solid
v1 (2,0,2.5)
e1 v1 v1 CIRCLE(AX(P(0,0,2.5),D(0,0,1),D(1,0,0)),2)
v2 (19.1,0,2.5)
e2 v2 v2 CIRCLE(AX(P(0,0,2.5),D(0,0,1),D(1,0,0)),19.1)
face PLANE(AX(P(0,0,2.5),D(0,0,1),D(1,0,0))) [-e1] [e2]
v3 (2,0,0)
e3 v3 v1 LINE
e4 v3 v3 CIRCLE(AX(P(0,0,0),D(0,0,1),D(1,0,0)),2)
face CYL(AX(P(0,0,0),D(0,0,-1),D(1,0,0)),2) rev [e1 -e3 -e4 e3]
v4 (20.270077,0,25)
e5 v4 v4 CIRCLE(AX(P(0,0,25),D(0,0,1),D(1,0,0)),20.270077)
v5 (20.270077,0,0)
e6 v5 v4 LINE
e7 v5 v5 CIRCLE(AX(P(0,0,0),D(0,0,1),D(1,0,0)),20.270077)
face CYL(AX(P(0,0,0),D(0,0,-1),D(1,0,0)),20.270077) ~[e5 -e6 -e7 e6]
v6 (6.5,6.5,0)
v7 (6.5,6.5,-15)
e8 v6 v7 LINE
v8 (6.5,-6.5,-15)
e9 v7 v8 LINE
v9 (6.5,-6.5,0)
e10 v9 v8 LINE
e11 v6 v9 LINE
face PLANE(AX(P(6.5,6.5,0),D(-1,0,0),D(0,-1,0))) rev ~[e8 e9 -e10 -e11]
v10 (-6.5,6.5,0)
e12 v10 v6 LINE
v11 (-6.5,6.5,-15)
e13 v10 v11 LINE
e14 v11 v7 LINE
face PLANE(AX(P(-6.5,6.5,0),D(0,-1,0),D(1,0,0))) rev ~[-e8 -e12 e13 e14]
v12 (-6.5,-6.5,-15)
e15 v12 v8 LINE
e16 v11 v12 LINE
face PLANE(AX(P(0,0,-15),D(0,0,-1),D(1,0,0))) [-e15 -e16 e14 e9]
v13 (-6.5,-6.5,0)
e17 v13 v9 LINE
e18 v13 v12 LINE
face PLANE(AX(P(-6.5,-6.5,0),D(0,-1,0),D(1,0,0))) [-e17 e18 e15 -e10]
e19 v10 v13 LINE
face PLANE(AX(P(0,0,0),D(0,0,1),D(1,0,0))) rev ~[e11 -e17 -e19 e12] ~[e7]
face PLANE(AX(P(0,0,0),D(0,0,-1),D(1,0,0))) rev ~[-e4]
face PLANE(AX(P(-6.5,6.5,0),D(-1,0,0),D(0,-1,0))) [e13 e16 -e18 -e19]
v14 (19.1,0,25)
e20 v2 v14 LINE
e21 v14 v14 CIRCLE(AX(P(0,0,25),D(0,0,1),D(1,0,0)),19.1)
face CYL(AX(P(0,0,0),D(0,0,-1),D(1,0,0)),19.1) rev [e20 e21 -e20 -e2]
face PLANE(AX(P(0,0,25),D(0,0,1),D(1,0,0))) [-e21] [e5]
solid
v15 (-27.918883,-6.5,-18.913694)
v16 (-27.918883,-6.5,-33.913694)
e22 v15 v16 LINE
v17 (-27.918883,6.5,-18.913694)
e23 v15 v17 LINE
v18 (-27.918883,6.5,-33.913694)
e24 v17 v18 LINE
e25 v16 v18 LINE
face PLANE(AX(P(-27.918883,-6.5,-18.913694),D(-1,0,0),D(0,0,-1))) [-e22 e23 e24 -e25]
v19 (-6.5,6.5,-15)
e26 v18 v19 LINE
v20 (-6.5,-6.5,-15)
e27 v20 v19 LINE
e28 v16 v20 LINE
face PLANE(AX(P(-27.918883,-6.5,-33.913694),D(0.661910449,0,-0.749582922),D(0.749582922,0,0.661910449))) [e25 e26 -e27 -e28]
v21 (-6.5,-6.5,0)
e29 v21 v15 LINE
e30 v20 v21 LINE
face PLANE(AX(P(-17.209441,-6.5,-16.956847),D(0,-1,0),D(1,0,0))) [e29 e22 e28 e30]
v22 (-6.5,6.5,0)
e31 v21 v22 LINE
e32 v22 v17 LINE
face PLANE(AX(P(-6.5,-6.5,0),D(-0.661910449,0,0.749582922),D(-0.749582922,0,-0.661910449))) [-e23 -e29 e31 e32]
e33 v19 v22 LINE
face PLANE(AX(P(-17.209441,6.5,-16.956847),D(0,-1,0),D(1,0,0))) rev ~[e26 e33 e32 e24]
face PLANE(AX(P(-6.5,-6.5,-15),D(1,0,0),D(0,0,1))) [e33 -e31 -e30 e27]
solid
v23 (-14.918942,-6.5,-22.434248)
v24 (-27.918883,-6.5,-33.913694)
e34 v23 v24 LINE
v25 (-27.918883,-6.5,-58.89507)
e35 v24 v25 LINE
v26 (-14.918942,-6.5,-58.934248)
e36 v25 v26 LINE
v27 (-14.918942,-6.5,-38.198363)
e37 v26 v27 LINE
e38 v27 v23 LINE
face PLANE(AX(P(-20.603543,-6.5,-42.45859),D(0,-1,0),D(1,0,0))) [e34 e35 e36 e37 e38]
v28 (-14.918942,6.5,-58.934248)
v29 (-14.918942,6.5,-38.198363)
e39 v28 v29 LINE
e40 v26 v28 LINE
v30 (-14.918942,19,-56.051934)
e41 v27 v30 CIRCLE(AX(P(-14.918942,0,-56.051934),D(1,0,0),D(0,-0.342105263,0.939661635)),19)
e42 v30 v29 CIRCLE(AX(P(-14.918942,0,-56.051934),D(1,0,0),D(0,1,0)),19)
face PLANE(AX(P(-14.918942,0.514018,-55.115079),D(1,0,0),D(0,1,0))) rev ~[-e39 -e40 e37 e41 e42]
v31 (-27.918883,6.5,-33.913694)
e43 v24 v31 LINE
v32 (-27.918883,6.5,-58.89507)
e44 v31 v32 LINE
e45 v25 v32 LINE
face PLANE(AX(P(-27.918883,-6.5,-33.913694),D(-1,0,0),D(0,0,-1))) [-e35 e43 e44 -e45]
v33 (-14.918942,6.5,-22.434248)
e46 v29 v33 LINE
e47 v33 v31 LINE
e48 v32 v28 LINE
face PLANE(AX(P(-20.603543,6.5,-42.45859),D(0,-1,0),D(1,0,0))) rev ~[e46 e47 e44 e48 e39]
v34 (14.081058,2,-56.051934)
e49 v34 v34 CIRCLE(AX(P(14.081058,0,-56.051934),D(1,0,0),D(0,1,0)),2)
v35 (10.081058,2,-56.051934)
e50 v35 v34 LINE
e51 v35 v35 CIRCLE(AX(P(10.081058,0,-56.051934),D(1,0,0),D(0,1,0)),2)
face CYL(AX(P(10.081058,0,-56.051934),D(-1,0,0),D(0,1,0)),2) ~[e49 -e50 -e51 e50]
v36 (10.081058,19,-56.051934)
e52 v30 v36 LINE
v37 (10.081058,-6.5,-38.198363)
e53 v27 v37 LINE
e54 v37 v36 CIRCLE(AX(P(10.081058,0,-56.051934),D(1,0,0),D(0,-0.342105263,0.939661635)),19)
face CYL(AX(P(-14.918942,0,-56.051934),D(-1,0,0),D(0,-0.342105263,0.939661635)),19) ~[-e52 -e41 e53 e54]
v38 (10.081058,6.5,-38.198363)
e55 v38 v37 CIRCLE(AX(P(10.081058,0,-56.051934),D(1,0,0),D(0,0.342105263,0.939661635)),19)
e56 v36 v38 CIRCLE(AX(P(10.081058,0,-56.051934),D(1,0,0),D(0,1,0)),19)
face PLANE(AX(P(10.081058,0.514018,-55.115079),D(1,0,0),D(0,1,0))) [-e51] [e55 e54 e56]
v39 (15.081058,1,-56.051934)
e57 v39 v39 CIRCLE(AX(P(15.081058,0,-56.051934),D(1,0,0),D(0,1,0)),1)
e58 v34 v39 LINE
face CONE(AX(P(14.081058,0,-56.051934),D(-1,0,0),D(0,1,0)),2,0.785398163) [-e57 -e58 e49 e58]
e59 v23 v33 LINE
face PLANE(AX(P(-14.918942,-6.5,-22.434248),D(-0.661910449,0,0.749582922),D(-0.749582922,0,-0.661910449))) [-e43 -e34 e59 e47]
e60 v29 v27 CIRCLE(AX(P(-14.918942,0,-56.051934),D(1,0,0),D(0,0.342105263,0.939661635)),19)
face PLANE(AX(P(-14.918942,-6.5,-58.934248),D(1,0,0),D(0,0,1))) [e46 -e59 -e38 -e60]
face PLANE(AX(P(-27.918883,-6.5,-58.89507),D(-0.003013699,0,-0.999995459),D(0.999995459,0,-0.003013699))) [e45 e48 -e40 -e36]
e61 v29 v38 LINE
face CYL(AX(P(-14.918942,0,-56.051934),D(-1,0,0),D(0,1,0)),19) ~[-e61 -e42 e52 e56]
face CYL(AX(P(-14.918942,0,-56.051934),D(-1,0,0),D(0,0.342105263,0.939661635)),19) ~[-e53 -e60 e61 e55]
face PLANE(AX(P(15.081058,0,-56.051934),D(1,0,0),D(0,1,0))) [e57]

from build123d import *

# Parameters (mm, degrees)
F0_R      = 19.1
F0_R_2    = 2
F1_DEPTH  = 2.5
F0_R_3    = 20.2700767199
F2_DEPTH  = 25
F3_W      = 13
F3_H      = 13
F3_R      = 2
F4_DEPTH  = 15
F6_DEPTH  = 13
F8_DEPTH  = 13
F10_DEPTH = 25
F11_R     = 2
F12_DEPTH = 5
F13_SIZE  = 1


with BuildPart() as f1:
    # F0 (on Top) → F1 (new body)
    with BuildSketch(Plane.XY):
        Circle(F0_R)
        Circle(F0_R_2, mode=Mode.SUBTRACT)
    extrude(amount=F1_DEPTH)

    # F0 (on Top) → F2 (join)
    with BuildSketch(Plane.XY):
        Circle(F0_R_3)
        Circle(F0_R, mode=Mode.SUBTRACT)
    extrude(amount=F2_DEPTH)

    # F3 (on face) → F4 (join)
    with BuildSketch(Plane(origin=(0, 0, 0), x_dir=(1, 0, 0), z_dir=(0, 0, -1))):
        Rectangle(F3_W, F3_H)
        Circle(F3_R, mode=Mode.SUBTRACT)
        Circle(F3_R)
    extrude(amount=F4_DEPTH)


with BuildPart() as f6:
    # F5 (on face) → F6 (new body)
    with BuildSketch(Plane.XZ.offset(6.5)):
        Polygon((-27.918882668, -33.9136943221), (-6.5, -15), (-6.5, 0), (-27.918882668, -18.9136943221), align=None)
    extrude(amount=-F6_DEPTH)


with BuildPart() as f8:
    # F7 (on face) → F8 (new body)
    with BuildSketch(Plane.XZ.offset(6.5)):
        Polygon((-14.9189417037, -22.434248199), (-27.918882668, -33.9136943221), (-27.918882668, -58.8950701058), (-14.9189417037, -58.934248199), align=None)
    extrude(amount=-F8_DEPTH)

    # F9 (on face) → F10 (join)
    with BuildSketch(Plane.YZ.offset(-14.9189417037)):
        with BuildLine():
            ThreePointArc((-6.5, -38.1983633317), (-10.8972473589, -71.6163168193), (19, -56.0519344031))
            ThreePointArc((19, -56.0519344031), (15.5643824163, -45.1546870442), (6.5, -38.1983633317))
            Line((6.5, -38.1983633317), (6.5, -58.934248199))
            Line((6.5, -58.934248199), (-6.5, -58.934248199))
            Line((-6.5, -58.934248199), (-6.5, -38.1983633317))
        make_face()
        with BuildLine():
            Line((6.5, -58.934248199), (6.5, -38.1983633317))
            ThreePointArc((6.5, -38.1983633317), (0, -37.0519344031), (-6.5, -38.1983633317))
            Line((-6.5, -38.1983633317), (-6.5, -58.934248199))
            Line((-6.5, -58.934248199), (6.5, -58.934248199))
        make_face()
    extrude(amount=F10_DEPTH)

    # F11 (on face) → F12 (join)
    with BuildSketch(Plane.YZ.offset(10.0810582963)):
        with Locations((0, -56.0519344031)):
            Circle(F11_R)
    extrude(amount=F12_DEPTH)

    # F13
    f13_edges = [f8.edges().sort_by_distance(p)[0] for p in [
        (15.081058, -2, -56.051934),
    ]]
    chamfer(f13_edges, length=F13_SIZE)


solid = Compound([f1.part, f6.part, f8.part])
